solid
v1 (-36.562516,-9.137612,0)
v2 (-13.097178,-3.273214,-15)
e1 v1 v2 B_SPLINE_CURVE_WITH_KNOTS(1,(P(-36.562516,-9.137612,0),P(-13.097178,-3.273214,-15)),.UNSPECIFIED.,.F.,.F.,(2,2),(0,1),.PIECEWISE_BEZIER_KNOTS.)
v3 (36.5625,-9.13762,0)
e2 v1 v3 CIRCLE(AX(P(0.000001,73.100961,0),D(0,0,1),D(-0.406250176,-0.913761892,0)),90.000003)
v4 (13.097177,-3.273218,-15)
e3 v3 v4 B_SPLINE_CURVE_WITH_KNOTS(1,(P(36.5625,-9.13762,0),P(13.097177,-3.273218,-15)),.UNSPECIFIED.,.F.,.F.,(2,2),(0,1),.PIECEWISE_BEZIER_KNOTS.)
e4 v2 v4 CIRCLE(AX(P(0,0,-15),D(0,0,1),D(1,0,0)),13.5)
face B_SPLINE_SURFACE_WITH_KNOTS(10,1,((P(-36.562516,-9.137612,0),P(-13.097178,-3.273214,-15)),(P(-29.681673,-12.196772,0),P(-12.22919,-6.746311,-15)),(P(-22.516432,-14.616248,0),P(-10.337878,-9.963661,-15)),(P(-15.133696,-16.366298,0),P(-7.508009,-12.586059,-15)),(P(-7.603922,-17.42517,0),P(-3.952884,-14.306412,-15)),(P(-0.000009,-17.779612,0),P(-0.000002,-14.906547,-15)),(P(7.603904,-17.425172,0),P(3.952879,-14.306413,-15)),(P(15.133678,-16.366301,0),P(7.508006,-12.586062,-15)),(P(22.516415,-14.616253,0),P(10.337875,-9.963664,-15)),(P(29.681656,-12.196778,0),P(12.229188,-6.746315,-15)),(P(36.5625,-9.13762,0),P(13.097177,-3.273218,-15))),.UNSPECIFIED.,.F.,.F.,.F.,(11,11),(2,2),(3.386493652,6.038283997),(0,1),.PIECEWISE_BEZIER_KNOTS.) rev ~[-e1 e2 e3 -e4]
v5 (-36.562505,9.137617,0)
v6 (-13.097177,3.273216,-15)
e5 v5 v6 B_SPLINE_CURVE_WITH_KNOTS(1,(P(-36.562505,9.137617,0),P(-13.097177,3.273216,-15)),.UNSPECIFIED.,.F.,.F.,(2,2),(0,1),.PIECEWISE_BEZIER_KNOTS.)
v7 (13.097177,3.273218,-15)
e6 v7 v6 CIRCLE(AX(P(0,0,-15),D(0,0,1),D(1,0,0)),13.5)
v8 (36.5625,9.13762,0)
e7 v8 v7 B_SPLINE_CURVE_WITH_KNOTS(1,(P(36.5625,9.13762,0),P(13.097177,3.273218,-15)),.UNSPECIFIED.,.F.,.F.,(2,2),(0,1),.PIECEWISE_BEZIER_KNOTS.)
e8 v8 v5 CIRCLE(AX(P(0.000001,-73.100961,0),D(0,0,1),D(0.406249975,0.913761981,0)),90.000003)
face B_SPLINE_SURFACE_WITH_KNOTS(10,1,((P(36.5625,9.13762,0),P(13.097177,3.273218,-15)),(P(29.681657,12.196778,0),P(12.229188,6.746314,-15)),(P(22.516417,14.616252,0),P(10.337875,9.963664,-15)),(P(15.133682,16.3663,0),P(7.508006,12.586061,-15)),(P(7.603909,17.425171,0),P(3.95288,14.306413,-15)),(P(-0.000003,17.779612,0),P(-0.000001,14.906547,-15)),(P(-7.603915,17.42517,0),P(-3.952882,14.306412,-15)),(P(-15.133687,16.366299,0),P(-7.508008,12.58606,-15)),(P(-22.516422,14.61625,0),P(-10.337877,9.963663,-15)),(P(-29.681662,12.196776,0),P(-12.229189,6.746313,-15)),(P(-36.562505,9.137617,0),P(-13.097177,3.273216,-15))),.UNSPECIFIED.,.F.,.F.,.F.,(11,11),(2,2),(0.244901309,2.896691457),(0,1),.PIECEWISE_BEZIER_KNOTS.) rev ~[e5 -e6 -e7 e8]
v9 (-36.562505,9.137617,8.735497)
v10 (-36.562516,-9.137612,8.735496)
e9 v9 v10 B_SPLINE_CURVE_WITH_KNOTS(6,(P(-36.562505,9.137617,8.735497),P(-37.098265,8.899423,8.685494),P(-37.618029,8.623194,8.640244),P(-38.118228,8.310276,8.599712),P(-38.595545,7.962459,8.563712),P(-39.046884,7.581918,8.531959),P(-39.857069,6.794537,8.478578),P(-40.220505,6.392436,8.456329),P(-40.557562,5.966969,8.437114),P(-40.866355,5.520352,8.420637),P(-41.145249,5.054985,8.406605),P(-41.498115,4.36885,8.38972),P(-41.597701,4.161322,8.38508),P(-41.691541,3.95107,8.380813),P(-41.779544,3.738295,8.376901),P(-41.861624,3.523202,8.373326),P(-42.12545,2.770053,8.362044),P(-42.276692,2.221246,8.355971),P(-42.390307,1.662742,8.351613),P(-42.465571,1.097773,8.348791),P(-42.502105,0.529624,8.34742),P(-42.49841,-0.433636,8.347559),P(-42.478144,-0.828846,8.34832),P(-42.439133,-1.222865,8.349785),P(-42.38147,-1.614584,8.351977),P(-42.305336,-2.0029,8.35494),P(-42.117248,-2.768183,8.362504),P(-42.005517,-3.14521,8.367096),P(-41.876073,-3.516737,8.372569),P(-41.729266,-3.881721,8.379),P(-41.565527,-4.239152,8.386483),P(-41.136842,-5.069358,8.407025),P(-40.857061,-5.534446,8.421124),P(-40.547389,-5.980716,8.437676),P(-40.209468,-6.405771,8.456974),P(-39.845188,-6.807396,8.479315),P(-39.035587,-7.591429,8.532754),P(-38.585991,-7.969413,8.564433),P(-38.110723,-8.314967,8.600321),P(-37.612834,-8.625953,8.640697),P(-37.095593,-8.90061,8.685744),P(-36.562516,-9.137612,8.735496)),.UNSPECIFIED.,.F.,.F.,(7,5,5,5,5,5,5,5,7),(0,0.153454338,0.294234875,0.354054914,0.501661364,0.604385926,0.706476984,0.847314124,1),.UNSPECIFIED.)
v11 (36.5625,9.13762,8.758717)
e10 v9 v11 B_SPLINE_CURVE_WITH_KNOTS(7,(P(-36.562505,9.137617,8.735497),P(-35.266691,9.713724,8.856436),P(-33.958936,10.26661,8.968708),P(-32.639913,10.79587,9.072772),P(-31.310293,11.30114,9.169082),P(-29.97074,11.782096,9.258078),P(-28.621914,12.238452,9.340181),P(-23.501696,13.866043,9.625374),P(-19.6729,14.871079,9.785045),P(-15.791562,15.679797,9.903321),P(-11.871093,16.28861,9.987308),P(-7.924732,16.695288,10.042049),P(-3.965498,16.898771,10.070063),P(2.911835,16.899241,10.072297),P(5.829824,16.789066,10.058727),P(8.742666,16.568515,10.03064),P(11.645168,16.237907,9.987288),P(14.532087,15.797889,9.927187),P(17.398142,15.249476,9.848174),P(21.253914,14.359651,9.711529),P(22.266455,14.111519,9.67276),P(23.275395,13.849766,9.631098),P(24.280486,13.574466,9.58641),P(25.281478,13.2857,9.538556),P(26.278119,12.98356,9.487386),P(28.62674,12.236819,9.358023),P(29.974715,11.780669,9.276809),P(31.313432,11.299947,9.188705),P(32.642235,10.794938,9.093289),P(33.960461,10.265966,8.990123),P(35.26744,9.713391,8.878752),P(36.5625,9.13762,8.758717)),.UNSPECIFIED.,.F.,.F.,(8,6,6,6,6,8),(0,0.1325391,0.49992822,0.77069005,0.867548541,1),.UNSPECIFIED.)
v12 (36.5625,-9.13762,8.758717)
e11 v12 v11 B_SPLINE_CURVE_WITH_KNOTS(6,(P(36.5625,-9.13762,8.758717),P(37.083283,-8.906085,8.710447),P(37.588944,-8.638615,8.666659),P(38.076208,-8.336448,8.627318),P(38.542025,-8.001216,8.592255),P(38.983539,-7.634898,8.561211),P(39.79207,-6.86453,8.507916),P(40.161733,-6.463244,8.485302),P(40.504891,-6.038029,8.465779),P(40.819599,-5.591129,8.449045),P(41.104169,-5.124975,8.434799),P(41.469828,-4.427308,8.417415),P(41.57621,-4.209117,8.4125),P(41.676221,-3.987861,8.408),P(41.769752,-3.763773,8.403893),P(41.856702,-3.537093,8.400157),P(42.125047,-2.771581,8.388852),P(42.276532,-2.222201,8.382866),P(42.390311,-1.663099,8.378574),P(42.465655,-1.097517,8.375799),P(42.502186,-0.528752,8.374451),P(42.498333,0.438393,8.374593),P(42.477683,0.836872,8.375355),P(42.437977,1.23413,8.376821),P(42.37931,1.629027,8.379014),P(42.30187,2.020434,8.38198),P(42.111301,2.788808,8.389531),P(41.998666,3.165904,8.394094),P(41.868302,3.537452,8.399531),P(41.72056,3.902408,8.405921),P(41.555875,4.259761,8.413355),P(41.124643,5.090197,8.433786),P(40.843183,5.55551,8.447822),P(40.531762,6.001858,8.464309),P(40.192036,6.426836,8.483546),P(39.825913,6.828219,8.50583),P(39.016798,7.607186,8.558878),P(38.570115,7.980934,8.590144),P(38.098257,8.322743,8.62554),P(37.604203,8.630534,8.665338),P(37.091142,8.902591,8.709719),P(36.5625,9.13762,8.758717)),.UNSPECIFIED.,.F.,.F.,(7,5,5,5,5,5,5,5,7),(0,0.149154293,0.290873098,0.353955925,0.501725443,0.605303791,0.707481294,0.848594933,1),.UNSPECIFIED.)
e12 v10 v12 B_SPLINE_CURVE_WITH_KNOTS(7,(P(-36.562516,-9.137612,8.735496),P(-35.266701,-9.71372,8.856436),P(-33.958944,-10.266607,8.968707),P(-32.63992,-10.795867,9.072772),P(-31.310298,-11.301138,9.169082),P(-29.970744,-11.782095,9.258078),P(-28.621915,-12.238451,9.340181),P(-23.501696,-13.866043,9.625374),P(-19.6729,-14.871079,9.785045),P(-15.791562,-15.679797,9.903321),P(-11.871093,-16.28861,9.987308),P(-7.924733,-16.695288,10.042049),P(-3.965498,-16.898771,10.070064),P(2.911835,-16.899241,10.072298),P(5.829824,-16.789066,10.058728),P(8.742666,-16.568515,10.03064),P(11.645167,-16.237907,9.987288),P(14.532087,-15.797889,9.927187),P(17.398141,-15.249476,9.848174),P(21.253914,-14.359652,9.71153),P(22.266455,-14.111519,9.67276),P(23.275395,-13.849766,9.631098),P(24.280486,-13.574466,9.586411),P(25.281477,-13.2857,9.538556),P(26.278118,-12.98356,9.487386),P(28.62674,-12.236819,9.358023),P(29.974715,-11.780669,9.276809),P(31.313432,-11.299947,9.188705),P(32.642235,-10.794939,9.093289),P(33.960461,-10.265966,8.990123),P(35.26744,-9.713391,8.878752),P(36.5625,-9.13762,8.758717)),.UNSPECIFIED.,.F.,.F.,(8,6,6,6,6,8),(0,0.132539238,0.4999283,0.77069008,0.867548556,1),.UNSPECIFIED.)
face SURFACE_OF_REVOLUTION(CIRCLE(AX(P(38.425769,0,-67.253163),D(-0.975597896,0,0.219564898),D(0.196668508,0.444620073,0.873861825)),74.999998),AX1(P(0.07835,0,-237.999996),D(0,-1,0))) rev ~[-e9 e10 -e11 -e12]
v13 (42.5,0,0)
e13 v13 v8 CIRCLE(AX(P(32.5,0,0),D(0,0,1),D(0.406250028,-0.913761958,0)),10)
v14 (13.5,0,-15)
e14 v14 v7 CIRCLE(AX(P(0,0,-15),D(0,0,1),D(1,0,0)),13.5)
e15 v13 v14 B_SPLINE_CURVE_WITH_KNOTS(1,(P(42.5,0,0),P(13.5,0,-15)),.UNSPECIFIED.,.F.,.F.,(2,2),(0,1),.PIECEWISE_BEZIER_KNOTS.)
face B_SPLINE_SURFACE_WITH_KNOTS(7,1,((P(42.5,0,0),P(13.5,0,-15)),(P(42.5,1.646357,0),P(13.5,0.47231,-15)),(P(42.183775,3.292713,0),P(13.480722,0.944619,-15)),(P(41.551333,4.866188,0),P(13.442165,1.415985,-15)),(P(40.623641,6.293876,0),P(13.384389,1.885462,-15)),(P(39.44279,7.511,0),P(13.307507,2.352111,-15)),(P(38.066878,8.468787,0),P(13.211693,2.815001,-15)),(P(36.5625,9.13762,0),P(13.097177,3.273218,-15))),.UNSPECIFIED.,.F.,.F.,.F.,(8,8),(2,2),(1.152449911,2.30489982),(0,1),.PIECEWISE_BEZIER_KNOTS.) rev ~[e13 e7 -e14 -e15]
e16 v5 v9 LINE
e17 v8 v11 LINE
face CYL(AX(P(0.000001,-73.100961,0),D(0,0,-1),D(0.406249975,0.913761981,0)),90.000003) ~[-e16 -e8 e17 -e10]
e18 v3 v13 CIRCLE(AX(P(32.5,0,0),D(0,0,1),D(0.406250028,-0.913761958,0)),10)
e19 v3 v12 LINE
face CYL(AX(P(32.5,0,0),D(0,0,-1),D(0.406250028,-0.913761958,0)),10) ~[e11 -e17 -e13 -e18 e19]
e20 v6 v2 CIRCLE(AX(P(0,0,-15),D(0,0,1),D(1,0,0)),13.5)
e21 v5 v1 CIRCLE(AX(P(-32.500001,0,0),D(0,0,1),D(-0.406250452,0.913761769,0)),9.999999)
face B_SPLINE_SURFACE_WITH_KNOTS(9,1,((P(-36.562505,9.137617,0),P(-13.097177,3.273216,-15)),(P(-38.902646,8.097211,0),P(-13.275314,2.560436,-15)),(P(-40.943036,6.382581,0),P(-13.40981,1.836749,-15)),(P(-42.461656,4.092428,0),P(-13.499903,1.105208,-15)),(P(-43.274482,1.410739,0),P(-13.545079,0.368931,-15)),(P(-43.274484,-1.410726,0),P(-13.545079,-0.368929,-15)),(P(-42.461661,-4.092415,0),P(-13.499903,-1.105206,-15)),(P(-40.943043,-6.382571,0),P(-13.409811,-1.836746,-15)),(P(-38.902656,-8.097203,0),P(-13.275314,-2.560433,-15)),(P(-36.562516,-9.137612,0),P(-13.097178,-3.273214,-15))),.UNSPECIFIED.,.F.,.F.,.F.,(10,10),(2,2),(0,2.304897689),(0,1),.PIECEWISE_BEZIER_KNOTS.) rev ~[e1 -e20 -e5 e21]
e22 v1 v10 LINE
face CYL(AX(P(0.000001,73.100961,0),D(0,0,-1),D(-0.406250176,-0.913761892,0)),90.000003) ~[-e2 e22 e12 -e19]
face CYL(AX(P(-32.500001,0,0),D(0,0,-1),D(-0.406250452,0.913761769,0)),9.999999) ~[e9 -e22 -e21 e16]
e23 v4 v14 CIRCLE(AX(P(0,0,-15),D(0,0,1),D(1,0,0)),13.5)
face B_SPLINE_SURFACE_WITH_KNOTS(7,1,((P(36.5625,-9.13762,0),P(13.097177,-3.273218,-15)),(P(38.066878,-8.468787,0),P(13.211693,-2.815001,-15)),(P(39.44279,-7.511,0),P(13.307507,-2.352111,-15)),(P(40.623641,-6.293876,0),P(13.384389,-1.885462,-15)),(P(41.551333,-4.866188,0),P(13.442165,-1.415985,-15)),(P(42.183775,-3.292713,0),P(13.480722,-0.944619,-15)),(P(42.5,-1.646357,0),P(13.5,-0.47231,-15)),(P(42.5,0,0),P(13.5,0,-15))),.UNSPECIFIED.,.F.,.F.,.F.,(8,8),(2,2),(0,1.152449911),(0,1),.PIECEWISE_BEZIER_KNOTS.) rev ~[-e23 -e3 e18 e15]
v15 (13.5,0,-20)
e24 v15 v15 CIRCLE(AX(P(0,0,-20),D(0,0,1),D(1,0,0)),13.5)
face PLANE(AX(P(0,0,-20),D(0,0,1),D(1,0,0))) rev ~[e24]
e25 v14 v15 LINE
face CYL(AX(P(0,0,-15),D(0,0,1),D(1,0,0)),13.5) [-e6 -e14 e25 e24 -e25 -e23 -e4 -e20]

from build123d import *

# Parameters (mm, degrees)
SKETCH001_R  = 13.5
PAD_DEPTH    = 12
PAD001_DEPTH = 5


with BuildPart() as part:
    # Sketch → AdditiveLoft section 0
    with BuildSketch(Plane.XY):
        with BuildLine():
            ThreePointArc((-36.562505, 9.137617), (-42.5, 6e-06), (-36.562516, -9.137612))
            ThreePointArc((-36.562516, -9.137612), (-9e-06, -16.899042), (36.5625, -9.13762))
            ThreePointArc((36.5625, -9.13762), (42.5, 0), (36.5625, 9.13762))
            ThreePointArc((36.5625, 9.13762), (-3e-06, 16.899042), (-36.562505, 9.137617))
        make_face()
    # Sketch001 → AdditiveLoft section 1
    with BuildSketch(Plane.XY.offset(-15)):
        Circle(SKETCH001_R)
    loft()

    # Sketch → Pad (new body)
    with BuildSketch(Plane.XY):
        with BuildLine():
            ThreePointArc((-36.562505, 9.137617), (-42.5, 6e-06), (-36.562516, -9.137612))
            ThreePointArc((-36.562516, -9.137612), (-9e-06, -16.899042), (36.5625, -9.13762))
            ThreePointArc((36.5625, -9.13762), (42.5, 0), (36.5625, 9.13762))
            ThreePointArc((36.5625, 9.13762), (-3e-06, 16.899042), (-36.562505, 9.137617))
        make_face()
    extrude(amount=PAD_DEPTH)

    # Sketch001 → Pad001 (join)
    with BuildSketch(Plane.XY.offset(-15)):
        Circle(SKETCH001_R)
    extrude(amount=-PAD001_DEPTH)

    # SubtractivePipe: sweep along a path in Sketch002
    with BuildLine(Plane.XZ) as subtractivepipe_path:
        ThreePointArc((54.893133, 5.916665), (0.078349, 12), (-54.736434, 5.916665))
    # Sketch003 → SubtractivePipe (sweep, cut)
    with BuildSketch(Plane.YZ):
        with BuildLine():
            ThreePointArc((33.346504, 4.178945), (1.160914, 11.991015), (-31.251067, 5.178962))
            Line((-31.251067, 5.178962), (-31.251067, 34.885342))
            Line((-31.251067, 34.885342), (33.346504, 34.885342))
            Line((33.346504, 34.885342), (33.346504, 4.178945))
        make_face()
    sweep(path=subtractivepipe_path.line, mode=Mode.SUBTRACT)


solid = part.part
